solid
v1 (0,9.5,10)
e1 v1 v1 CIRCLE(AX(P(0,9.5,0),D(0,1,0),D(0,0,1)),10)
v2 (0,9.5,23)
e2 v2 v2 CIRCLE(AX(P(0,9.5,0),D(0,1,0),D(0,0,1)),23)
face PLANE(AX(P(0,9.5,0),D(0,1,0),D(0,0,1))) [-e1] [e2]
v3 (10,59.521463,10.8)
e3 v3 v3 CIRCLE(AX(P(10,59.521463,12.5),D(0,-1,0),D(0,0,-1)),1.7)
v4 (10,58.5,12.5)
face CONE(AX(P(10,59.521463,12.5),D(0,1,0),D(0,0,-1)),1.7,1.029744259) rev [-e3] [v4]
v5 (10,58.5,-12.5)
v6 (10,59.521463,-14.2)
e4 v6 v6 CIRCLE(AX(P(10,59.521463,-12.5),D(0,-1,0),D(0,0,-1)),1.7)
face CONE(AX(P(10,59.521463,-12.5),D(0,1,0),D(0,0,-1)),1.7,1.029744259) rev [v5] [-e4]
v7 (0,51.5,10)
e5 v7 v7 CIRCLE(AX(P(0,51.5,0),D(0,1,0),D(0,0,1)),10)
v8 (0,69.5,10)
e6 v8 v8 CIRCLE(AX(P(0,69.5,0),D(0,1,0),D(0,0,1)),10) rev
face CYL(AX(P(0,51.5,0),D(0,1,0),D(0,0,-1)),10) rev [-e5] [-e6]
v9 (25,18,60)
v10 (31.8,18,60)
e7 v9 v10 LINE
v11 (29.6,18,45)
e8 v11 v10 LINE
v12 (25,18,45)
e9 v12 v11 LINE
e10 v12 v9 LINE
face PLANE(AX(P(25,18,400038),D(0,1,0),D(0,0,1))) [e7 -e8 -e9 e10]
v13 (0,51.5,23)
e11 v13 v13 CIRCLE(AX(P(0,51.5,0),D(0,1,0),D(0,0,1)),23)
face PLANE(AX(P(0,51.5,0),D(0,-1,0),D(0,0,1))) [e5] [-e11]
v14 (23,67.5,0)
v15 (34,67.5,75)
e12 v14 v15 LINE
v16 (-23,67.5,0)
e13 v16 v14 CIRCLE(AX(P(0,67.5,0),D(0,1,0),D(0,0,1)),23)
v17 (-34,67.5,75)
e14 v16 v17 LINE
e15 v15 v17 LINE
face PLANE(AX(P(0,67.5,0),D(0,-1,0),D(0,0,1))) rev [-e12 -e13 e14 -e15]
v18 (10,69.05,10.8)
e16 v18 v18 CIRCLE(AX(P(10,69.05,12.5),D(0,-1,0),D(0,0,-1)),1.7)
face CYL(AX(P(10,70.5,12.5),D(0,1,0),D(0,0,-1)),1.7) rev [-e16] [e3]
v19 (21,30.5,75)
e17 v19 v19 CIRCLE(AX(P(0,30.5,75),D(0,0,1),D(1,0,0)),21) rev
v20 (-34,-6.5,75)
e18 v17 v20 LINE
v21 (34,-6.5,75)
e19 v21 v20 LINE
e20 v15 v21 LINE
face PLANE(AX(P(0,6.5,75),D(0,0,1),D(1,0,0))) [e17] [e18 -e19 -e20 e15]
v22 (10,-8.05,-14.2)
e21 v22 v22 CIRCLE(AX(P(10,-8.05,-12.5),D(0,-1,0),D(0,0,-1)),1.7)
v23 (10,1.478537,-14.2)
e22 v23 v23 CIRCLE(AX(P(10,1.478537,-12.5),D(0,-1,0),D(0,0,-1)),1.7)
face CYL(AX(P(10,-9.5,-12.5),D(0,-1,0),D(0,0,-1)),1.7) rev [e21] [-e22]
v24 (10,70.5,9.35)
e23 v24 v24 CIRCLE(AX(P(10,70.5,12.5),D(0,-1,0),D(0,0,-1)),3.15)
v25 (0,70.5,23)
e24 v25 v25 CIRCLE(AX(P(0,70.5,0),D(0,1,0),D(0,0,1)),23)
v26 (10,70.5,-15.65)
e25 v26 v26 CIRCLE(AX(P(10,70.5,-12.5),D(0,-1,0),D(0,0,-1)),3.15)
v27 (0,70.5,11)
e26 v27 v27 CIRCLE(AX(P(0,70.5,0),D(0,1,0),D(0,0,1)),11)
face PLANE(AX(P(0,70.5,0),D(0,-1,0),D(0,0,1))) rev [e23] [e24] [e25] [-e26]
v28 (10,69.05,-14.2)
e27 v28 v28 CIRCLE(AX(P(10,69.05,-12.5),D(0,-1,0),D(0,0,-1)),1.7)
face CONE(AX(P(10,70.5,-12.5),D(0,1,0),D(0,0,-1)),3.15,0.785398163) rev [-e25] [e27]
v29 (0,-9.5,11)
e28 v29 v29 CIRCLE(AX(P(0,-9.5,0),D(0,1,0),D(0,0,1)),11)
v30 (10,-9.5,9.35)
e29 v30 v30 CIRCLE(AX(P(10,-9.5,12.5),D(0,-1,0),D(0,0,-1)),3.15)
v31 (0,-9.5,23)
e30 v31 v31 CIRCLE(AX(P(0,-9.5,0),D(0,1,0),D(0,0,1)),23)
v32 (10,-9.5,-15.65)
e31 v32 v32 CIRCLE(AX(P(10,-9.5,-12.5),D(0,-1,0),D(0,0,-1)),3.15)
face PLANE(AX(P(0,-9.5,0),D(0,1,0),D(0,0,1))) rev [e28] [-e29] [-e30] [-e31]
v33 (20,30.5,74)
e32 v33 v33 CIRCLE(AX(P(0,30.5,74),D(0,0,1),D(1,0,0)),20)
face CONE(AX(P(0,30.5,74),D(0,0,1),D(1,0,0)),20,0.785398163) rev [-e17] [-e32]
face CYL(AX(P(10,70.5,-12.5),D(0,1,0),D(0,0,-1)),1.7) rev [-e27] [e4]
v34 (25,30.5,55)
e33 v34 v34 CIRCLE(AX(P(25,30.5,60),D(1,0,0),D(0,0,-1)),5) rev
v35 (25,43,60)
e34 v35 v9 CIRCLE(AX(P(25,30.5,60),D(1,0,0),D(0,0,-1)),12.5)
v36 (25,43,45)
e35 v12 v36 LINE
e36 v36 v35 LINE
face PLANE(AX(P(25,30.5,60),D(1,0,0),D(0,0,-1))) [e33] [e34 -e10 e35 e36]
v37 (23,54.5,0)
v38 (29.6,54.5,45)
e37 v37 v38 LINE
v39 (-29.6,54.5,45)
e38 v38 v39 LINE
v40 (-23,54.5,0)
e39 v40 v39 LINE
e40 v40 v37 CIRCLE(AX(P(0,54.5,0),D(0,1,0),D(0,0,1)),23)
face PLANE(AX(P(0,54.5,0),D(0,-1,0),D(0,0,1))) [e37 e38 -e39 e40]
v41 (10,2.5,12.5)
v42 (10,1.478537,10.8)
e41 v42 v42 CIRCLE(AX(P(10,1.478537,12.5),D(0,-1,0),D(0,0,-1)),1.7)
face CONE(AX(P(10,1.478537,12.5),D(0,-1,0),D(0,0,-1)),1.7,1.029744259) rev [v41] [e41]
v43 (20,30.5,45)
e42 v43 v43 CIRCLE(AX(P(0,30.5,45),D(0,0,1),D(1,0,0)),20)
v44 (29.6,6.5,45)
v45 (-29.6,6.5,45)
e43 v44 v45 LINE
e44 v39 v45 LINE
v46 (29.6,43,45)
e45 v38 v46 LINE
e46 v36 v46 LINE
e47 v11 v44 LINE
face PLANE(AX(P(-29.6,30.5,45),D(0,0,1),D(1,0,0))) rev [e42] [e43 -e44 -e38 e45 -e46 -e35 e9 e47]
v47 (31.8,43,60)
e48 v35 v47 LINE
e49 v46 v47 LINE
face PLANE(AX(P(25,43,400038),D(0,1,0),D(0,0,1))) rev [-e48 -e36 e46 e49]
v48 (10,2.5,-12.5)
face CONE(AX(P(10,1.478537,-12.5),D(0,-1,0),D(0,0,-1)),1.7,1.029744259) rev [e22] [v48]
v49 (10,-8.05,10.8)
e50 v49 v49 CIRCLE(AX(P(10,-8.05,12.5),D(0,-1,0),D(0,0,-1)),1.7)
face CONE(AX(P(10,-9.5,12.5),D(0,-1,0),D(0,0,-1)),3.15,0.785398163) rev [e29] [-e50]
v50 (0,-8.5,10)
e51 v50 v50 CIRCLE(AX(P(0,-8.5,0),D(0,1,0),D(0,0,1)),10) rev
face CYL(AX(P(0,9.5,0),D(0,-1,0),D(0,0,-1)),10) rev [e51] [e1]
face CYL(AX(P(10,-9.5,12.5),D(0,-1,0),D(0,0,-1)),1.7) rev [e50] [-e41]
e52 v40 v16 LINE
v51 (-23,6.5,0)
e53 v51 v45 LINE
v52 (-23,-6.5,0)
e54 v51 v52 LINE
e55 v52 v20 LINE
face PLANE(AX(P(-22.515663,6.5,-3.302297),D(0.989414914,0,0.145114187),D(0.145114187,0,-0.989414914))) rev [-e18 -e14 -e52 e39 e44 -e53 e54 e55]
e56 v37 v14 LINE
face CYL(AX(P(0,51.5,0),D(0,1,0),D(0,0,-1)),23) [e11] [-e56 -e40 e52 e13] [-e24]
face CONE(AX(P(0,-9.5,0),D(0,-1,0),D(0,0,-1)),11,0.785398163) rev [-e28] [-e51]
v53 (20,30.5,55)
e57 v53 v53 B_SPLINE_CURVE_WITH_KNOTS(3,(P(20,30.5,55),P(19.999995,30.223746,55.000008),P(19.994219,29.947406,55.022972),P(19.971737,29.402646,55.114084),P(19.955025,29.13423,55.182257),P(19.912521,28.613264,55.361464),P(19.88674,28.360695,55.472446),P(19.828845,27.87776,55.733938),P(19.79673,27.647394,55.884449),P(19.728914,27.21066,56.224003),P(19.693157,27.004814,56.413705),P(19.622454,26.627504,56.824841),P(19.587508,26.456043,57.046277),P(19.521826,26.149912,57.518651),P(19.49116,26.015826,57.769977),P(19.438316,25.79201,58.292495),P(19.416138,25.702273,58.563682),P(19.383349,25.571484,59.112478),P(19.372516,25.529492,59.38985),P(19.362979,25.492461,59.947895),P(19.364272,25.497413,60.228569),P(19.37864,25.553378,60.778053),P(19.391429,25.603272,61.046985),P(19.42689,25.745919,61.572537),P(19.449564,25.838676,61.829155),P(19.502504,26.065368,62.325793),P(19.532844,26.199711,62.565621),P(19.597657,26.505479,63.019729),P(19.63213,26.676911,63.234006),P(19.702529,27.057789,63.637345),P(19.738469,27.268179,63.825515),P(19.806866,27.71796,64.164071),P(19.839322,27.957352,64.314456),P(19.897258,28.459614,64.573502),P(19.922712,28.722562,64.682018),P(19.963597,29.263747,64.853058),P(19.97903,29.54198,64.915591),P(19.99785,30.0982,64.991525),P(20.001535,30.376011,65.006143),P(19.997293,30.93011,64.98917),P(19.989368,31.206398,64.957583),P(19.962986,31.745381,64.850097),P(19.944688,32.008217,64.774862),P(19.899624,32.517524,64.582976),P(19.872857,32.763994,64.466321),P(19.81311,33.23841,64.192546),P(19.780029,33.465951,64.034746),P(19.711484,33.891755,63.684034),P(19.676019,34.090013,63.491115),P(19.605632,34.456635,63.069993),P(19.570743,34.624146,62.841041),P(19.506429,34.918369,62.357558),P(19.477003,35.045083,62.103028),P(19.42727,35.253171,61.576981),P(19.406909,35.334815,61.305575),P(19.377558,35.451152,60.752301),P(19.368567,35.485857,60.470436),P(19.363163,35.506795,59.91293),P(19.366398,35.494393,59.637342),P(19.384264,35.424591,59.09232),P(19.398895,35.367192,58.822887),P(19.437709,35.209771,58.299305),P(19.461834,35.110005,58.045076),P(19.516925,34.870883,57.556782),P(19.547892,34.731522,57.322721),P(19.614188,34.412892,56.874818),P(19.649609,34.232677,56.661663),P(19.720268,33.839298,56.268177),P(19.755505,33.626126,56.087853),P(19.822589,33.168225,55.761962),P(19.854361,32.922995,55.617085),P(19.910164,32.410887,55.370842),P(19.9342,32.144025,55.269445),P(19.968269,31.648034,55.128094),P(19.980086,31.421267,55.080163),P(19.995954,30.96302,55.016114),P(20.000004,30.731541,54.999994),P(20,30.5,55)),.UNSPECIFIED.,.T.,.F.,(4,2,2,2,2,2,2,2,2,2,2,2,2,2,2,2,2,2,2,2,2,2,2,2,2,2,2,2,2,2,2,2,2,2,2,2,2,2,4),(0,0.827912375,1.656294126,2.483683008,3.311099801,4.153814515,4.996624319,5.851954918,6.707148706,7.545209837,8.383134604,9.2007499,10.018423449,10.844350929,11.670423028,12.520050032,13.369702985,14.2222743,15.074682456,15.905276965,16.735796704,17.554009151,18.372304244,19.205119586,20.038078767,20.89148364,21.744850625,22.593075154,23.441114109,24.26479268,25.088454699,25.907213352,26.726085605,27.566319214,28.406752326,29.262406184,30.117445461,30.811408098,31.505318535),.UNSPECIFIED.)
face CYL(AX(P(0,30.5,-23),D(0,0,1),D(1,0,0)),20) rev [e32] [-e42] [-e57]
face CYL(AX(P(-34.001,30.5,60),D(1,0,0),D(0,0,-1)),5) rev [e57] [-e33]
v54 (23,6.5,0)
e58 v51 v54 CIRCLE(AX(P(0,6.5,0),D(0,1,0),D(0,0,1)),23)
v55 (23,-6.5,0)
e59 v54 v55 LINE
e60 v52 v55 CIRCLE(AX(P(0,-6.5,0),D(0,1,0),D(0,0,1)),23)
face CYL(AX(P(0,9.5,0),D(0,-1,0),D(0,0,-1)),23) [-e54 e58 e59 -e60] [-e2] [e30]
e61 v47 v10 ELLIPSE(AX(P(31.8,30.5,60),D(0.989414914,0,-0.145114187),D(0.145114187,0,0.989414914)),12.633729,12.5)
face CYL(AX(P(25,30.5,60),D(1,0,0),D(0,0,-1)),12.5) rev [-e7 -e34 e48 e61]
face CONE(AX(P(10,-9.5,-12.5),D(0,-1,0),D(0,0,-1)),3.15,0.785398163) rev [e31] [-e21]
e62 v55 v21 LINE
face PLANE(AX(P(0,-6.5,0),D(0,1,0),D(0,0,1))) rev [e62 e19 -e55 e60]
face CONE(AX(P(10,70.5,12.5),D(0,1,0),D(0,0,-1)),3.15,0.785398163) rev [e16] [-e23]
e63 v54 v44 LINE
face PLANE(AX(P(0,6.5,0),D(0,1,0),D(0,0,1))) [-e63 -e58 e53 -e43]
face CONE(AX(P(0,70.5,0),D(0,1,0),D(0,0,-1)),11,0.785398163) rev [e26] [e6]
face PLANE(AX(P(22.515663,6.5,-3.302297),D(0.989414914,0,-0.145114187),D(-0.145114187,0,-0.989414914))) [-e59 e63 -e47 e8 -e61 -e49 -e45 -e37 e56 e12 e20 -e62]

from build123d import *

# Parameters (mm, degrees)
BOSS_EXTRUDE2_DEPTH                          = 6.5
SKETCH2_R                                    = 23
SKETCH2_R_2                                  = 10
BOSS_EXTRUDE3_DEPTH                          = 9.5
BOSS_EXTRUDE4_DEPTH                          = 24
CHAMFER2_SIZE                                = 1
CSK_FOR_M3_COUNTERSUNK_RAISED_HEAD_S_2_COUNT = 2
CSK_FOR_M3_COUNTERSUNK_RAISED_HEAD_S_2_PITCH = 25
CHAMFER2_OF_MIRROR4_SIZE                     = 1
SKETCH4_R                                    = 20
CUT_EXTRUDE1_DEPTH                           = 126.420293414
CUT_EXTRUDE2_DEPTH                           = 9
CUT_EXTRUDE3_REACH                           = 125.366
CUT_EXTRUDE3_END_RADIUS                      = 20
SKETCH6_5_R                                  = 5
CHAMFER3_SIZE                                = 1


with BuildPart() as part:
    # Sketch1 → Boss-Extrude2 (new, symmetric)
    with BuildSketch(Plane(origin=(0, 0, 0), x_dir=(1, 0, 0), z_dir=(0, 1, 0))):
        with BuildLine():
            ThreePointArc((-23, 0), (0, -23), (23, 0))
            Line((23, 0), (34, -75))
            Line((34, -75), (-34, -75))
            Line((-34, -75), (-23, 0))
        make_face()
    boss_extrude2 = extrude(amount=BOSS_EXTRUDE2_DEPTH, both=True)

    # Sketch2 → Boss-Extrude3 (add, symmetric)
    with BuildSketch(Plane(origin=(0, 0, 0), x_dir=(1, 0, 0), z_dir=(0, 1, 0))):
        with Locations(Location((0, 0, 0), (0, 0, 270))):
            Circle(SKETCH2_R)
        with Locations(Location((0, 0, 0), (0, 0, 270))):
            Circle(SKETCH2_R_2, mode=Mode.SUBTRACT)
    boss_extrude3 = extrude(amount=BOSS_EXTRUDE3_DEPTH, both=True)

    # Sketch3 → Boss-Extrude4 (add)
    with BuildSketch(Plane(origin=(0, 6.5, 0), x_dir=(1, 0, 0), z_dir=(0, 1, 0))):
        Polygon((-29.6, -45), (29.6, -45), (34, -75), (-34, -75), align=None)
    boss_extrude4 = extrude(amount=BOSS_EXTRUDE4_DEPTH)

    # Chamfer2
    chamfer2_edges = [part.edges().sort_by_distance(p)[0] for p in [
        (0, -9.5, -10),
    ]]
    chamfer(chamfer2_edges, length=CHAMFER2_SIZE)

    # Sketch12 → CSK for M3 Countersunk Raised Head Screw2 (revolve, cut)
    with BuildSketch(Plane(origin=(10, -9.5, -12.5), x_dir=(0, 0, -1), z_dir=(1, 0, 0))):
        Polygon((0, 0), (0, 12), (1.7, 10.978536948), (1.7, 1.45), (3.15, 0), align=None)
    csk_for_m3_countersunk_raised_head_screw = revolve(axis=Axis((10, -15.85, -12.5), (0, 1, 0)), mode=Mode.SUBTRACT)

    # CSK for M3 Countersunk Raised Head S 2: CSK for M3 Countersunk Raised Head Screw2 ×2
    with Locations(*[(0, 0, i * CSK_FOR_M3_COUNTERSUNK_RAISED_HEAD_S_2_PITCH) for i in range(1, CSK_FOR_M3_COUNTERSUNK_RAISED_HEAD_S_2_COUNT)]):
        add(csk_for_m3_countersunk_raised_head_screw, mode=Mode.SUBTRACT)

    # Mirror4: Boss-Extrude2, Boss-Extrude3, Boss-Extrude4, CSK for M3 Countersunk Raised Head Screw2 across plane
    add(boss_extrude2.mirror(Plane.ZX.offset(30.5)))
    add(boss_extrude3.mirror(Plane.ZX.offset(30.5)))
    add(boss_extrude4.mirror(Plane.ZX.offset(30.5)))
    add(csk_for_m3_countersunk_raised_head_screw.mirror(Plane.ZX.offset(30.5)), mode=Mode.SUBTRACT)

    # Mirror4 copy 1 sketch → Mirror4 copy 1 (revolve, cut)
    with BuildSketch(Plane(origin=(10, 70.5, 12.5), x_dir=(0, 0, -1), z_dir=(1, 0, 0))):
        Polygon((0, 0), (0, -12), (1.7, -10.978536948), (1.7, -1.45), (3.15, 0), align=None)
    revolve(axis=Axis((10, 76.85, 12.5), (0, 1, 0)), mode=Mode.SUBTRACT)

    # Chamfer2 of Mirror4
    chamfer2_of_mirror4_edges = [part.edges().sort_by_distance(p)[0] for p in [
        (0, 70.5, -10),
    ]]
    chamfer(chamfer2_of_mirror4_edges, length=CHAMFER2_OF_MIRROR4_SIZE)

    # Sketch4 → Cut-Extrude1 (cut, through all)
    with BuildSketch(Plane.XY.offset(75)):
        with Locations((0, 30.5)):
            Circle(SKETCH4_R)
    extrude(amount=-CUT_EXTRUDE1_DEPTH, mode=Mode.SUBTRACT)

    # Sketch6 → Cut-Extrude2 (cut)
    with BuildSketch(Plane(origin=(34, 0, 0), x_dir=(0, 0, -1), z_dir=(1, 0, 0))):
        with BuildLine():
            Line((-60, 43), (-45, 43))
            Line((-45, 43), (-45, 18))
            Line((-45, 18), (-60, 18))
            ThreePointArc((-60, 18), (-72.5, 30.5), (-60, 43))
        make_face()
    extrude(amount=-CUT_EXTRUDE2_DEPTH, mode=Mode.SUBTRACT)

    # Cut-Extrude3: up to this cylinder (the profile starts outside it)
    cut_extrude3_end = Plane(origin=(0, 30.5, 60), z_dir=(0, 0, 1)) * Cylinder(CUT_EXTRUDE3_END_RADIUS, 291.732, mode=Mode.PRIVATE)
    # Sketch6<5> → Cut-Extrude3 (cut, up to the surface)
    with BuildSketch(Plane(origin=(34, 0, 0), x_dir=(0, 0, -1), z_dir=(1, 0, 0)), mode=Mode.PRIVATE) as cut_extrude3_sk1:
        with Locations((-60, 30.5)):
            Circle(SKETCH6_5_R)
    cut_extrude3_tool1 = extrude(cut_extrude3_sk1.sketch, amount=-CUT_EXTRUDE3_REACH, mode=Mode.PRIVATE) - cut_extrude3_end
    add(cut_extrude3_tool1.solids().sort_by_distance((34, 30.5, 60))[0], mode=Mode.SUBTRACT)

    # Chamfer3
    chamfer3_edges = [part.edges().sort_by_distance(p)[0] for p in [
        (-20, 30.5, 75),
    ]]
    chamfer(chamfer3_edges, length=CHAMFER3_SIZE)


solid = part.part
